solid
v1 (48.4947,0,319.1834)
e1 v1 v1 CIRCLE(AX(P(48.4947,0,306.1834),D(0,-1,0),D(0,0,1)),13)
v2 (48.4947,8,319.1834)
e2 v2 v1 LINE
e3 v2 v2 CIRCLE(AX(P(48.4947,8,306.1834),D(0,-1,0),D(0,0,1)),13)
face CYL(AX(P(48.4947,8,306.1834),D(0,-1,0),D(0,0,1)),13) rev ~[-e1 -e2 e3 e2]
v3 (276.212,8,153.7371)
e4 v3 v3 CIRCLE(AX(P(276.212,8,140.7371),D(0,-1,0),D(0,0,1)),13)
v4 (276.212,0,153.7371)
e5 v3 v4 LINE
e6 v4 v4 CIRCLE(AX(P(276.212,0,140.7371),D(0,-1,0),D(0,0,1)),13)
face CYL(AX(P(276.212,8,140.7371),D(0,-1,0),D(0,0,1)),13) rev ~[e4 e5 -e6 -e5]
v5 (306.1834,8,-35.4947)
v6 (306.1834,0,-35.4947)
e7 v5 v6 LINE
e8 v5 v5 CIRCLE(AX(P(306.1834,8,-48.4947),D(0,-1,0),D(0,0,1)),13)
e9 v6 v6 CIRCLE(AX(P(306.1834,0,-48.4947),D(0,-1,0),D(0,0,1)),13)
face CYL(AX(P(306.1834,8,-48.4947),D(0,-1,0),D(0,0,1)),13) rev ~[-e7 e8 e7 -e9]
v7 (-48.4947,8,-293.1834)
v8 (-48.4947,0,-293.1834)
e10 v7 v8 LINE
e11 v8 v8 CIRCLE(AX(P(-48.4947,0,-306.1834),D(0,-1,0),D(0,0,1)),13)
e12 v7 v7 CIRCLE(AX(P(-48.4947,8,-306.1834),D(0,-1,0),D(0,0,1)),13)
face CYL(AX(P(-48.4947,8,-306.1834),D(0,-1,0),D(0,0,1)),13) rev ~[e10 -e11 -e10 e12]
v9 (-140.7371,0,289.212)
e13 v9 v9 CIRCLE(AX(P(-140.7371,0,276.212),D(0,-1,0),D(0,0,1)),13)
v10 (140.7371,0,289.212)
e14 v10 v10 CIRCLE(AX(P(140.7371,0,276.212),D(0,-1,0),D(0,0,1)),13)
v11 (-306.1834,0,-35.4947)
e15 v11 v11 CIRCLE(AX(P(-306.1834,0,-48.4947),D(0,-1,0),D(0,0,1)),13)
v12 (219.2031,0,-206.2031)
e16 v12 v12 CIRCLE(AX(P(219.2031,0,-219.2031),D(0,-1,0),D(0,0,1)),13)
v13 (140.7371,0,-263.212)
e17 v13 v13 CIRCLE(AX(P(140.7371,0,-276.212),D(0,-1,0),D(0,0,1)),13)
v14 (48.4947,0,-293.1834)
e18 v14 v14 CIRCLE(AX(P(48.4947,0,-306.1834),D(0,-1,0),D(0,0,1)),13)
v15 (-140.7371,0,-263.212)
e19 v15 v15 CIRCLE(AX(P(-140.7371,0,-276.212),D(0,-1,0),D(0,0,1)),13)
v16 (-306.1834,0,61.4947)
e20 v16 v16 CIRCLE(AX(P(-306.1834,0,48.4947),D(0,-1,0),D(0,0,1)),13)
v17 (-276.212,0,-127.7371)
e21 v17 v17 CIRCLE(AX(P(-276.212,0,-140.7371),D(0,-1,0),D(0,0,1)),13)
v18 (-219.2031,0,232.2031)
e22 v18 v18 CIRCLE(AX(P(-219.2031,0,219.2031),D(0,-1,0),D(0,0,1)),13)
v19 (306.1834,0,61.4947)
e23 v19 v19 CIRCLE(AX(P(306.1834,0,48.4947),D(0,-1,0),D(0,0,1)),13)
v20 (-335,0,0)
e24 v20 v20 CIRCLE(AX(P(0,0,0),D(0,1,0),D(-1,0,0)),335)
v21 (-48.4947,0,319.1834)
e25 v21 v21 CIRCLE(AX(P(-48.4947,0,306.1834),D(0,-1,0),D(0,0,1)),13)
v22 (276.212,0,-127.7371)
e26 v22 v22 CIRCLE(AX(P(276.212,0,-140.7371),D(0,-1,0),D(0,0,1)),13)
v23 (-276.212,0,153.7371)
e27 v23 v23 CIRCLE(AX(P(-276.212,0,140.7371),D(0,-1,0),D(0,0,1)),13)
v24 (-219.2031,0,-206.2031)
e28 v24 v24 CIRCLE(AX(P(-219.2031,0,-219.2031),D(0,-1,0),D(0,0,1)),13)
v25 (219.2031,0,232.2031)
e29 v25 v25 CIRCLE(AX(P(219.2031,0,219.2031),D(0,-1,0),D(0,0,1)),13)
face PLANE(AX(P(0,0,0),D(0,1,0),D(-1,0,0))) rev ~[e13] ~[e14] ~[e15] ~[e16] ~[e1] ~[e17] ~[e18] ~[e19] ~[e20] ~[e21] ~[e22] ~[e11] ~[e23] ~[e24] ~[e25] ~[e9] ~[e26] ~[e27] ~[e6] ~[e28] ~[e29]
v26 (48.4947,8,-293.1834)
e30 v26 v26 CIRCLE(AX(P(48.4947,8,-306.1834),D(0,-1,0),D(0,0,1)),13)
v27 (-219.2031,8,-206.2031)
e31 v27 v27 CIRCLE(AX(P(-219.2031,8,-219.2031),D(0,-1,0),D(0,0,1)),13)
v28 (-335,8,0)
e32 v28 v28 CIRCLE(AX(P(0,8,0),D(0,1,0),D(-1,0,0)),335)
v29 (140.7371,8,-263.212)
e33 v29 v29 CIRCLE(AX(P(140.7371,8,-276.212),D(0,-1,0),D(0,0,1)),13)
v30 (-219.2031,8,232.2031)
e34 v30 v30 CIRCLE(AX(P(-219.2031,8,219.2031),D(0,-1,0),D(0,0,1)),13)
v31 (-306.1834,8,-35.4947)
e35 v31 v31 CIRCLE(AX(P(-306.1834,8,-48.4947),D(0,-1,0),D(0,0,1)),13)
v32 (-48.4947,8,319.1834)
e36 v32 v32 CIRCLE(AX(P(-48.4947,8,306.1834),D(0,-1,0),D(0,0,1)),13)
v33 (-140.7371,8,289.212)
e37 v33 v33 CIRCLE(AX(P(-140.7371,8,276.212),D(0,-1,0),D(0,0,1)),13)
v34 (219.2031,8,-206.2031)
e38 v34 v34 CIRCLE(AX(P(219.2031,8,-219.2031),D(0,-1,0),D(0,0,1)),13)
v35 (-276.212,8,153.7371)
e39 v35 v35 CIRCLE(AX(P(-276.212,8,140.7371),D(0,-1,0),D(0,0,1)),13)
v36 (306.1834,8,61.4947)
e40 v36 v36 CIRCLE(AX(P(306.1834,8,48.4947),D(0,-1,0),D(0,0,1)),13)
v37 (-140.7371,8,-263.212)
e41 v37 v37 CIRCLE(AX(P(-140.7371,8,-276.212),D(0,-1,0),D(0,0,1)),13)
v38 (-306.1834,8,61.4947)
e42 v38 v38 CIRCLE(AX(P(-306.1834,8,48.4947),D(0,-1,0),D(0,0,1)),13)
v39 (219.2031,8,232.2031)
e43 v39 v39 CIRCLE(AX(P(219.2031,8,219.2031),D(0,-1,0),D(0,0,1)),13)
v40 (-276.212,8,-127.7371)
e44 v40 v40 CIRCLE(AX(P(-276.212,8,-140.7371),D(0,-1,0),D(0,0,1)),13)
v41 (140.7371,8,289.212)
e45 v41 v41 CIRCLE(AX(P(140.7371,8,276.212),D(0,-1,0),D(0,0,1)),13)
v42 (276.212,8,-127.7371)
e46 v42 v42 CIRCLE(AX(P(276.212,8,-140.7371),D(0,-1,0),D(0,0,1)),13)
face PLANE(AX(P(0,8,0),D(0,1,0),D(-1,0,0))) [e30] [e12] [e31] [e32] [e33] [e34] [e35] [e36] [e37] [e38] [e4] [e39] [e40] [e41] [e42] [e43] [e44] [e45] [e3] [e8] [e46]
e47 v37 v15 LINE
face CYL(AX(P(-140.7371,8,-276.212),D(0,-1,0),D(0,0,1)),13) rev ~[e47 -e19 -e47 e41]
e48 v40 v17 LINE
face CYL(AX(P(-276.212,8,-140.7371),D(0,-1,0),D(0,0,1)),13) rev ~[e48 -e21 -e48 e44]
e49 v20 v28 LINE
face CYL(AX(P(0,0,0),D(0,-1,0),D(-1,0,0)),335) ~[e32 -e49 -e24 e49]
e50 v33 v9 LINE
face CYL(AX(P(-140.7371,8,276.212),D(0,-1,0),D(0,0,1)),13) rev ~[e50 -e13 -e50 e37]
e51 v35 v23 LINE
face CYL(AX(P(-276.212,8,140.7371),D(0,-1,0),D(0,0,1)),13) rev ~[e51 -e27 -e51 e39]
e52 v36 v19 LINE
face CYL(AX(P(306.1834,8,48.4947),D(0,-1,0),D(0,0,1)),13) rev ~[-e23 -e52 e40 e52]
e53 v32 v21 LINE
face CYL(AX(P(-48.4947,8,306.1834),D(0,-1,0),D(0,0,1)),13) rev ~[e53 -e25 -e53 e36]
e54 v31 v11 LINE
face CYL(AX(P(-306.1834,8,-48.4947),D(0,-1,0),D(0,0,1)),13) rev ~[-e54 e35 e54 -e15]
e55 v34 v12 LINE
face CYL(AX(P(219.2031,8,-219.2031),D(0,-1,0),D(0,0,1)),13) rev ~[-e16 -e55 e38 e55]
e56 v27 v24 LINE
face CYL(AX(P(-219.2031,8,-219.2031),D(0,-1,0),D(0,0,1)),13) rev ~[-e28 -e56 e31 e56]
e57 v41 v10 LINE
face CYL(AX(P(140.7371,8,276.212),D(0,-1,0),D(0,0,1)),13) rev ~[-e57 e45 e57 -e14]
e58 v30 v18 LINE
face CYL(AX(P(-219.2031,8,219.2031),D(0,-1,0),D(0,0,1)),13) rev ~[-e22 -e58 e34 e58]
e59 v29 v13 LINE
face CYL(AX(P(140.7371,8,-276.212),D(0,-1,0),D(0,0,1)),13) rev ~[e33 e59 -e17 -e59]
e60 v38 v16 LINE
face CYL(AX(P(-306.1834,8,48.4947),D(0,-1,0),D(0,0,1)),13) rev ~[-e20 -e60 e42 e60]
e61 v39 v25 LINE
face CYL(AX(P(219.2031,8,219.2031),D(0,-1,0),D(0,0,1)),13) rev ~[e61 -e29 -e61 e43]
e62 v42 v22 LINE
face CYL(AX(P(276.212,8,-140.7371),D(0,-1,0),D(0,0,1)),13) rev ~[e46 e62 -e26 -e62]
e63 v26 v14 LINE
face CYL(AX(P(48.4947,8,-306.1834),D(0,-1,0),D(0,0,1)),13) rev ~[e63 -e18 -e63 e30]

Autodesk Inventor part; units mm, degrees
ref_plane "YZ Plane" through (0, 0, 0) normal (1, 0, 0) x (0, 1, 0)
ref_plane "XZ Plane" through (0, 0, 0) normal (0, 1, 0) x (-1, 0, 0)
ref_plane "XY Plane" through (0, 0, 0) normal (0, 0, 1) x (1, 0, 0)
sketch "Sketch1" plane through (0, 0, 0) normal (0, 1, 0) x (-1, 0, 0)
  circle A0 centre (0, 0) radius 335
  dimension "d0" = 670
extrude "Extrusion1" add sketch "Sketch1" along normal blind 8
sketch "Sketch2" plane through (0, 8, 0) normal (0, 1, 0) x (1, 0, 0)
  circle A0 centre (0, 0) radius 310 construction
  line L0 (0, 0) -> (-310, 0)
  line L1 (0, 0) -> (-306.1834, 48.4947) construction
  point P0 (-306.1834, -48.4947)
  point P1 (-306.1834, -48.4947)
  point P2 (-276.212, -140.7371)
  point P3 (-276.212, -140.7371)
  point P4 (-219.2031, -219.2031)
  point P5 (-219.2031, -219.2031)
  point P6 (-140.7371, -276.212)
  point P7 (-140.7371, -276.212)
  point P8 (-48.4947, -306.1834)
  point P9 (-48.4947, -306.1834)
  point P10 (48.4947, -306.1834)
  point P11 (48.4947, -306.1834)
  point P12 (140.7371, -276.212)
  point P13 (140.7371, -276.212)
  point P14 (219.2031, -219.2031)
  point P15 (219.2031, -219.2031)
  point P16 (276.212, -140.7371)
  point P17 (276.212, -140.7371)
  point P18 (306.1834, -48.4947)
  point P19 (306.1834, -48.4947)
  point P20 (306.1834, 48.4947)
  point P21 (306.1834, 48.4947)
  point P22 (276.212, 140.7371)
  point P23 (276.212, 140.7371)
  point P24 (219.2031, 219.2031)
  point P25 (219.2031, 219.2031)
  point P26 (140.7371, 276.212)
  point P27 (140.7371, 276.212)
  point P28 (48.4947, 306.1834)
  point P29 (48.4947, 306.1834)
  point P30 (-48.4947, 306.1834)
  point P31 (-48.4947, 306.1834)
  point P32 (-140.7371, 276.212)
  point P33 (-140.7371, 276.212)
  point P34 (-219.2031, 219.2031)
  point P35 (-219.2031, 219.2031)
  point P36 (-276.212, 140.7371)
  point P37 (-276.212, 140.7371)
  dimension "d4" = 620
  dimension "d11" = 9
  dimension "d24" = 360
hole "Hole2" at (-306.1834, 8, -48.4947) at (-306.1834, 8, 48.4947) at (-276.212, 8, 140.7371) at (-219.2031, 8, 219.2031) at (-140.7371, 8, 276.212) at (-48.4947, 8, 306.1834) at (48.4947, 8, 306.1834) at (140.7371, 8, 276.212) at (219.2031, 8, 219.2031) at (276.212, 8, 140.7371) at (306.1834, 8, 48.4947) at (306.1834, 8, -48.4947) at (276.212, 8, -140.7371) at (219.2031, 8, -219.2031) at (140.7371, 8, -276.212) at (48.4947, 8, -306.1834) at (-48.4947, 8, -306.1834) at (-140.7371, 8, -276.212) at (-219.2031, 8, -219.2031) at (-276.212, 8, -140.7371) direction (0, -1, 0) diameter 26 end through all
equation "\"d1\" = Thickness"
equation "\"BendRadius\" = Thickness"
equation "\"BendReliefWidth\" = Thickness"
equation "\"BendReliefDepth\" = 0.5 * Thickness"
equation "\"CornerReliefSize\" = 4 * Thickness"
equation "\"MinimumRemnant\" = 2 * Thickness"
equation "\"TransitionRadius\" = BendRadius"
equation "\"JacobiRadiusSize\" = BendRadius"
equation "\"GapSize\" = Thickness"
equation "\"d5\" = Thickness"
equation "\"Thickness\" = 8"
properties part number "PRS 1621 charging hatch D1200"
